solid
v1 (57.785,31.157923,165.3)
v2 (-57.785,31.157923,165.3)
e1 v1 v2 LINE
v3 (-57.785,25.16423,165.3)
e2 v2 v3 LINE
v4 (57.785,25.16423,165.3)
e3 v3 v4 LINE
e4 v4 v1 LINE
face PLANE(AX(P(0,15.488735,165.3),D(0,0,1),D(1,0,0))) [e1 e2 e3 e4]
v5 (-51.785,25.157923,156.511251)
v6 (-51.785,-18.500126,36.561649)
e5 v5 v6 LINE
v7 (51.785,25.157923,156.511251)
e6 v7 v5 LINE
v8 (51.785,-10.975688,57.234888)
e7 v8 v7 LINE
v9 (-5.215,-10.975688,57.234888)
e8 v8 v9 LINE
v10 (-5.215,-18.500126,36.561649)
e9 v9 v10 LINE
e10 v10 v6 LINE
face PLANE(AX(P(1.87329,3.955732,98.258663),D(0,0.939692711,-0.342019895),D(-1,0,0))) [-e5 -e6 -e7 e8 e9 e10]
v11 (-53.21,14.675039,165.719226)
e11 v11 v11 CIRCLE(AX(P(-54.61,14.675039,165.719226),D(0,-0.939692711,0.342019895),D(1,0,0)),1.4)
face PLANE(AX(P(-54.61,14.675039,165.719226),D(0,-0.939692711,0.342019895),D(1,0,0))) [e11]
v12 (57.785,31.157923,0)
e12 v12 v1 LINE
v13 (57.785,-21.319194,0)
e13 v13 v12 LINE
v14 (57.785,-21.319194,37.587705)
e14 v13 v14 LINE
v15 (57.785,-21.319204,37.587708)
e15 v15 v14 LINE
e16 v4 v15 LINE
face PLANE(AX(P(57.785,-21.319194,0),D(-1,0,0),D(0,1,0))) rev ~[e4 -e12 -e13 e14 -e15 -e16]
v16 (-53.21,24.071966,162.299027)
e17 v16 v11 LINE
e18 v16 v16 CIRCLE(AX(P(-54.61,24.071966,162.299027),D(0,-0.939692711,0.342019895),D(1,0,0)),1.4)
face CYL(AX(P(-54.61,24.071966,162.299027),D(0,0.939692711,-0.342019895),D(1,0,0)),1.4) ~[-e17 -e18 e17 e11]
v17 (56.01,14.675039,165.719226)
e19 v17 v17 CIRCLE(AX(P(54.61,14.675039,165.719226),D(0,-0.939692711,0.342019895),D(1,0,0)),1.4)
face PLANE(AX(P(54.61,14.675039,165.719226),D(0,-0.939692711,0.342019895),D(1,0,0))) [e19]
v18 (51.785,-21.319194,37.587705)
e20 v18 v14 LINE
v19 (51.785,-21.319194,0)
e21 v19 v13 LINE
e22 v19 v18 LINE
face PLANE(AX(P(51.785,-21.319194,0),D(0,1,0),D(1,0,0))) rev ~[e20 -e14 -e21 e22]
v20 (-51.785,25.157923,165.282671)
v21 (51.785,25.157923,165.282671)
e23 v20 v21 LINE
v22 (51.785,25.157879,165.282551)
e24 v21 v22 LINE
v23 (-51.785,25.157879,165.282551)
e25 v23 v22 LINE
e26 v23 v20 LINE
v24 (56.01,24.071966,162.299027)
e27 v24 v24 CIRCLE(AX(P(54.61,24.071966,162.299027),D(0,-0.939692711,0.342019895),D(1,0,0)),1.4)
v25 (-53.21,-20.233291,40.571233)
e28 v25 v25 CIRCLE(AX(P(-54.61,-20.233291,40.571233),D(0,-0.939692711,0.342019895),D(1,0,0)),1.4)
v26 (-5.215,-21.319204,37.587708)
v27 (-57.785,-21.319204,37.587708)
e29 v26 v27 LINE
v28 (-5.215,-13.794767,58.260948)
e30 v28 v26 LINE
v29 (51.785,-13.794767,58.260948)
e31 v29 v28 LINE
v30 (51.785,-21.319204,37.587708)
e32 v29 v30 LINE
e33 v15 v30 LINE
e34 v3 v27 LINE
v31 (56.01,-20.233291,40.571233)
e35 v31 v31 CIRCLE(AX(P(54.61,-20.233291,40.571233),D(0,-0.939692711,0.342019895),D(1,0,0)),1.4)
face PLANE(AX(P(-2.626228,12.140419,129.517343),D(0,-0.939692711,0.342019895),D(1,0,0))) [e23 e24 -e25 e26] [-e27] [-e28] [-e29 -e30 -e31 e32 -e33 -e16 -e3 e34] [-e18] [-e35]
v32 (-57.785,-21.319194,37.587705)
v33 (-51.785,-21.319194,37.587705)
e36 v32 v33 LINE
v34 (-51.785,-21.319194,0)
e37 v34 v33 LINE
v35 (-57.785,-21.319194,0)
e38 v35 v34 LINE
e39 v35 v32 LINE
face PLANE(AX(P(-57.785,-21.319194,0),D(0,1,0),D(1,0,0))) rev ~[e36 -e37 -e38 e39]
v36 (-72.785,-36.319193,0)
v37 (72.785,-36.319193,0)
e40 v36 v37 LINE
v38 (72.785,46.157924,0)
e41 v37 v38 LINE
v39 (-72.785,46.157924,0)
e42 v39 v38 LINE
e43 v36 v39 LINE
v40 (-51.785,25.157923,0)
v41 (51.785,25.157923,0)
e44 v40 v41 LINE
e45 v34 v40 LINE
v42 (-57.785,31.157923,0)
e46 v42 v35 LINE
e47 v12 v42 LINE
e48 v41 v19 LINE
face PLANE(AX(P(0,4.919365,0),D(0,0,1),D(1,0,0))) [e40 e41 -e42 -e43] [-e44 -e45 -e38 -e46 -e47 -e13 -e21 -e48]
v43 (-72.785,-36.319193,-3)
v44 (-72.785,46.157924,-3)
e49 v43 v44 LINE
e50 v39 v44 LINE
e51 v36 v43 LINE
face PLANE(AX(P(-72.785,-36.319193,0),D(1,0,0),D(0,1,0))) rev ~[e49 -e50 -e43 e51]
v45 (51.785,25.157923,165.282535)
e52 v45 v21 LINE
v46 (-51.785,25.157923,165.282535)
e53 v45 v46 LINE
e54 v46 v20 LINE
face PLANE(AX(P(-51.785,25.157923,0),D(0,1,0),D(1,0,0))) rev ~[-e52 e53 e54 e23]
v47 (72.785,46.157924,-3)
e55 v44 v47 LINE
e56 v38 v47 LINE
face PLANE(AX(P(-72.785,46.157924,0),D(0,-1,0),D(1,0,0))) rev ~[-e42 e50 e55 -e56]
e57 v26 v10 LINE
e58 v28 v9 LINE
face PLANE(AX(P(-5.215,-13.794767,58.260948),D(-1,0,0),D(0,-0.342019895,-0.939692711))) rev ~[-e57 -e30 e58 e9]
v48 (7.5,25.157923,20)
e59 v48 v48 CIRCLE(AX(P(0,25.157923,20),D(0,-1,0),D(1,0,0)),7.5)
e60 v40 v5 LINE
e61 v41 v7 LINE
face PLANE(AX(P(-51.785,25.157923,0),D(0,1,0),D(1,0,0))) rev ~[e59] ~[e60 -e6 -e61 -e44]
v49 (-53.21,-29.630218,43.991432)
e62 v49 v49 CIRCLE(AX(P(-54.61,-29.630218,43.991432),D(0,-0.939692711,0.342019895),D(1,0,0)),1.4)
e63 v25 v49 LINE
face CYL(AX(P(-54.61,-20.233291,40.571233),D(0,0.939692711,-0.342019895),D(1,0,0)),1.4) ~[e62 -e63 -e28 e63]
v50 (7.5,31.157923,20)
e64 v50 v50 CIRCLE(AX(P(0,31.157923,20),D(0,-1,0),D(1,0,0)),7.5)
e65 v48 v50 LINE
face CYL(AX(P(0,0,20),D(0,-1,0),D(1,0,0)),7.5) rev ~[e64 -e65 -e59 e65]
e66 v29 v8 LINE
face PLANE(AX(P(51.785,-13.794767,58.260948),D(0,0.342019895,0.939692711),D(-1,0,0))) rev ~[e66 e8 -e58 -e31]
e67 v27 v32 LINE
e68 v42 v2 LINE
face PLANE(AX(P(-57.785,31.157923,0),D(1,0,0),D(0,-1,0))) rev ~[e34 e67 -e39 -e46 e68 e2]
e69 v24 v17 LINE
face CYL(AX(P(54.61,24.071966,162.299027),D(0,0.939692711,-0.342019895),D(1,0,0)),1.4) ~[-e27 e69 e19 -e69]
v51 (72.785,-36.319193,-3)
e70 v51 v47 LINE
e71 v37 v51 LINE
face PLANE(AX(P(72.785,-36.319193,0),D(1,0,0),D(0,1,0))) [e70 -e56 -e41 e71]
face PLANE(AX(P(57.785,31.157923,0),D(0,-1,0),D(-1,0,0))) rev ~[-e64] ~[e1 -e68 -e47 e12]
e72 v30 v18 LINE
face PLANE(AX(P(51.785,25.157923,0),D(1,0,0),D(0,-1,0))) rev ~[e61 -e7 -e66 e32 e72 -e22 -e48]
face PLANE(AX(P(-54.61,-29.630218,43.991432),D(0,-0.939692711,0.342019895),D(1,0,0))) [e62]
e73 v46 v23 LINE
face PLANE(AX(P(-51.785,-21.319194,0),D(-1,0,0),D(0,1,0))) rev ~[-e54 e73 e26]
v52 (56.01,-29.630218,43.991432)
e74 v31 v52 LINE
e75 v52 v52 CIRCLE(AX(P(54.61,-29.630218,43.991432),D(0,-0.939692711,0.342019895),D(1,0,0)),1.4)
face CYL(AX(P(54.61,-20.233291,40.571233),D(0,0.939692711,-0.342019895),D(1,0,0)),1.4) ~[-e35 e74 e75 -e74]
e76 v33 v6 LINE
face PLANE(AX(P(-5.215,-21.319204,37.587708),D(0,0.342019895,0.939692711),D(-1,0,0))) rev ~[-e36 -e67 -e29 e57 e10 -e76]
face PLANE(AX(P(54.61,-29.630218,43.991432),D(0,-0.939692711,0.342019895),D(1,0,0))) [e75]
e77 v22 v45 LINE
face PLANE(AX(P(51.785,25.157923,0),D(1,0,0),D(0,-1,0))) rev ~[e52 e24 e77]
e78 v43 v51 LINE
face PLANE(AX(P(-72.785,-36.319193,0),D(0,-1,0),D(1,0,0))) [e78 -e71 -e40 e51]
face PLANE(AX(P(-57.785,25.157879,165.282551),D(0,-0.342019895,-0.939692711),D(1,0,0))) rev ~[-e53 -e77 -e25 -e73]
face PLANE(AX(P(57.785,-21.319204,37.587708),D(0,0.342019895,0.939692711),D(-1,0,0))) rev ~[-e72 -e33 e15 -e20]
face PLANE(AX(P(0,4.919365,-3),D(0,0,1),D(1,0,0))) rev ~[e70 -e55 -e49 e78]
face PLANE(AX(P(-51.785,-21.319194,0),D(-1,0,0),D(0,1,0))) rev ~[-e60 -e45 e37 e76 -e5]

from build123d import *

# Parameters (mm, degrees)
SKETCH001_W     = 145.57
SKETCH001_H     = 82.477117
PAD_DEPTH       = 3
PAD001_DEPTH    = 165.3
SKETCH004_W     = 328.820023
SKETCH004_H     = 275.658927
POCKET_DEPTH    = 200
PAD002_DEPTH    = 3
SKETCH003_R     = 1.4
PAD003_DEPTH    = 10
SKETCH005_R     = 7.5
POCKET001_DEPTH = 46.158923


with BuildPart() as part:
    # Sketch001 → Pad (new body)
    with BuildSketch(Plane.XY):
        with Locations((0, 4.919365)):
            Rectangle(SKETCH001_W, SKETCH001_H)
    extrude(amount=-PAD_DEPTH)

    # Sketch → Pad001 (join)
    with BuildSketch(Plane.XY):
        Polygon((51.785, -21.319194), (57.785, -21.319194), (57.785, 31.157923), (-57.785, 31.157923), (-57.785, -21.319194), (-51.785, -21.319194), (-51.785, 25.157923), (51.785, 25.157923), align=None)
    extrude(amount=PAD001_DEPTH)

    # Sketch004 (on DatumPlane) → Pocket (cut)
    with BuildSketch(Plane(origin=(0, -35, 0), x_dir=(1, 0, 0), z_dir=(0, -0.939693, 0.34202))):
        with Locations((-2.626228, 137.829464)):
            Rectangle(SKETCH004_W, SKETCH004_H)
    extrude(amount=POCKET_DEPTH, mode=Mode.SUBTRACT)

    # Sketch002 (on DatumPlane) → Pad002 (join)
    with BuildSketch(Plane(origin=(0, -35, 0), x_dir=(1, 0, 0), z_dir=(0, -0.939693, 0.34202))):
        Polygon((-57.785, 175.89), (57.785, 175.89), (57.785, 40), (51.785, 40), (51.785, 62), (-5.215, 62), (-5.215, 40), (-57.785, 40), align=None)
    extrude(amount=-PAD002_DEPTH)

    # Sketch003 (on DatumPlane) → Pad003 (join)
    with BuildSketch(Plane(origin=(0, -35, 0), x_dir=(1, 0, 0), z_dir=(0, -0.939693, 0.34202))):
        with Locations((-54.61, 172.715)):
            Circle(SKETCH003_R)
        with Locations((54.61, 172.715)):
            Circle(SKETCH003_R)
        with Locations((54.61, 43.175)):
            Circle(SKETCH003_R)
        with Locations((-54.61, 43.175)):
            Circle(SKETCH003_R)
    extrude(amount=PAD003_DEPTH)

    # Sketch005 → Pocket001 (cut, through all)
    with BuildSketch(Plane.XZ):
        with Locations((0, 20)):
            Circle(SKETCH005_R)
    extrude(amount=-POCKET001_DEPTH, mode=Mode.SUBTRACT)


solid = part.part
